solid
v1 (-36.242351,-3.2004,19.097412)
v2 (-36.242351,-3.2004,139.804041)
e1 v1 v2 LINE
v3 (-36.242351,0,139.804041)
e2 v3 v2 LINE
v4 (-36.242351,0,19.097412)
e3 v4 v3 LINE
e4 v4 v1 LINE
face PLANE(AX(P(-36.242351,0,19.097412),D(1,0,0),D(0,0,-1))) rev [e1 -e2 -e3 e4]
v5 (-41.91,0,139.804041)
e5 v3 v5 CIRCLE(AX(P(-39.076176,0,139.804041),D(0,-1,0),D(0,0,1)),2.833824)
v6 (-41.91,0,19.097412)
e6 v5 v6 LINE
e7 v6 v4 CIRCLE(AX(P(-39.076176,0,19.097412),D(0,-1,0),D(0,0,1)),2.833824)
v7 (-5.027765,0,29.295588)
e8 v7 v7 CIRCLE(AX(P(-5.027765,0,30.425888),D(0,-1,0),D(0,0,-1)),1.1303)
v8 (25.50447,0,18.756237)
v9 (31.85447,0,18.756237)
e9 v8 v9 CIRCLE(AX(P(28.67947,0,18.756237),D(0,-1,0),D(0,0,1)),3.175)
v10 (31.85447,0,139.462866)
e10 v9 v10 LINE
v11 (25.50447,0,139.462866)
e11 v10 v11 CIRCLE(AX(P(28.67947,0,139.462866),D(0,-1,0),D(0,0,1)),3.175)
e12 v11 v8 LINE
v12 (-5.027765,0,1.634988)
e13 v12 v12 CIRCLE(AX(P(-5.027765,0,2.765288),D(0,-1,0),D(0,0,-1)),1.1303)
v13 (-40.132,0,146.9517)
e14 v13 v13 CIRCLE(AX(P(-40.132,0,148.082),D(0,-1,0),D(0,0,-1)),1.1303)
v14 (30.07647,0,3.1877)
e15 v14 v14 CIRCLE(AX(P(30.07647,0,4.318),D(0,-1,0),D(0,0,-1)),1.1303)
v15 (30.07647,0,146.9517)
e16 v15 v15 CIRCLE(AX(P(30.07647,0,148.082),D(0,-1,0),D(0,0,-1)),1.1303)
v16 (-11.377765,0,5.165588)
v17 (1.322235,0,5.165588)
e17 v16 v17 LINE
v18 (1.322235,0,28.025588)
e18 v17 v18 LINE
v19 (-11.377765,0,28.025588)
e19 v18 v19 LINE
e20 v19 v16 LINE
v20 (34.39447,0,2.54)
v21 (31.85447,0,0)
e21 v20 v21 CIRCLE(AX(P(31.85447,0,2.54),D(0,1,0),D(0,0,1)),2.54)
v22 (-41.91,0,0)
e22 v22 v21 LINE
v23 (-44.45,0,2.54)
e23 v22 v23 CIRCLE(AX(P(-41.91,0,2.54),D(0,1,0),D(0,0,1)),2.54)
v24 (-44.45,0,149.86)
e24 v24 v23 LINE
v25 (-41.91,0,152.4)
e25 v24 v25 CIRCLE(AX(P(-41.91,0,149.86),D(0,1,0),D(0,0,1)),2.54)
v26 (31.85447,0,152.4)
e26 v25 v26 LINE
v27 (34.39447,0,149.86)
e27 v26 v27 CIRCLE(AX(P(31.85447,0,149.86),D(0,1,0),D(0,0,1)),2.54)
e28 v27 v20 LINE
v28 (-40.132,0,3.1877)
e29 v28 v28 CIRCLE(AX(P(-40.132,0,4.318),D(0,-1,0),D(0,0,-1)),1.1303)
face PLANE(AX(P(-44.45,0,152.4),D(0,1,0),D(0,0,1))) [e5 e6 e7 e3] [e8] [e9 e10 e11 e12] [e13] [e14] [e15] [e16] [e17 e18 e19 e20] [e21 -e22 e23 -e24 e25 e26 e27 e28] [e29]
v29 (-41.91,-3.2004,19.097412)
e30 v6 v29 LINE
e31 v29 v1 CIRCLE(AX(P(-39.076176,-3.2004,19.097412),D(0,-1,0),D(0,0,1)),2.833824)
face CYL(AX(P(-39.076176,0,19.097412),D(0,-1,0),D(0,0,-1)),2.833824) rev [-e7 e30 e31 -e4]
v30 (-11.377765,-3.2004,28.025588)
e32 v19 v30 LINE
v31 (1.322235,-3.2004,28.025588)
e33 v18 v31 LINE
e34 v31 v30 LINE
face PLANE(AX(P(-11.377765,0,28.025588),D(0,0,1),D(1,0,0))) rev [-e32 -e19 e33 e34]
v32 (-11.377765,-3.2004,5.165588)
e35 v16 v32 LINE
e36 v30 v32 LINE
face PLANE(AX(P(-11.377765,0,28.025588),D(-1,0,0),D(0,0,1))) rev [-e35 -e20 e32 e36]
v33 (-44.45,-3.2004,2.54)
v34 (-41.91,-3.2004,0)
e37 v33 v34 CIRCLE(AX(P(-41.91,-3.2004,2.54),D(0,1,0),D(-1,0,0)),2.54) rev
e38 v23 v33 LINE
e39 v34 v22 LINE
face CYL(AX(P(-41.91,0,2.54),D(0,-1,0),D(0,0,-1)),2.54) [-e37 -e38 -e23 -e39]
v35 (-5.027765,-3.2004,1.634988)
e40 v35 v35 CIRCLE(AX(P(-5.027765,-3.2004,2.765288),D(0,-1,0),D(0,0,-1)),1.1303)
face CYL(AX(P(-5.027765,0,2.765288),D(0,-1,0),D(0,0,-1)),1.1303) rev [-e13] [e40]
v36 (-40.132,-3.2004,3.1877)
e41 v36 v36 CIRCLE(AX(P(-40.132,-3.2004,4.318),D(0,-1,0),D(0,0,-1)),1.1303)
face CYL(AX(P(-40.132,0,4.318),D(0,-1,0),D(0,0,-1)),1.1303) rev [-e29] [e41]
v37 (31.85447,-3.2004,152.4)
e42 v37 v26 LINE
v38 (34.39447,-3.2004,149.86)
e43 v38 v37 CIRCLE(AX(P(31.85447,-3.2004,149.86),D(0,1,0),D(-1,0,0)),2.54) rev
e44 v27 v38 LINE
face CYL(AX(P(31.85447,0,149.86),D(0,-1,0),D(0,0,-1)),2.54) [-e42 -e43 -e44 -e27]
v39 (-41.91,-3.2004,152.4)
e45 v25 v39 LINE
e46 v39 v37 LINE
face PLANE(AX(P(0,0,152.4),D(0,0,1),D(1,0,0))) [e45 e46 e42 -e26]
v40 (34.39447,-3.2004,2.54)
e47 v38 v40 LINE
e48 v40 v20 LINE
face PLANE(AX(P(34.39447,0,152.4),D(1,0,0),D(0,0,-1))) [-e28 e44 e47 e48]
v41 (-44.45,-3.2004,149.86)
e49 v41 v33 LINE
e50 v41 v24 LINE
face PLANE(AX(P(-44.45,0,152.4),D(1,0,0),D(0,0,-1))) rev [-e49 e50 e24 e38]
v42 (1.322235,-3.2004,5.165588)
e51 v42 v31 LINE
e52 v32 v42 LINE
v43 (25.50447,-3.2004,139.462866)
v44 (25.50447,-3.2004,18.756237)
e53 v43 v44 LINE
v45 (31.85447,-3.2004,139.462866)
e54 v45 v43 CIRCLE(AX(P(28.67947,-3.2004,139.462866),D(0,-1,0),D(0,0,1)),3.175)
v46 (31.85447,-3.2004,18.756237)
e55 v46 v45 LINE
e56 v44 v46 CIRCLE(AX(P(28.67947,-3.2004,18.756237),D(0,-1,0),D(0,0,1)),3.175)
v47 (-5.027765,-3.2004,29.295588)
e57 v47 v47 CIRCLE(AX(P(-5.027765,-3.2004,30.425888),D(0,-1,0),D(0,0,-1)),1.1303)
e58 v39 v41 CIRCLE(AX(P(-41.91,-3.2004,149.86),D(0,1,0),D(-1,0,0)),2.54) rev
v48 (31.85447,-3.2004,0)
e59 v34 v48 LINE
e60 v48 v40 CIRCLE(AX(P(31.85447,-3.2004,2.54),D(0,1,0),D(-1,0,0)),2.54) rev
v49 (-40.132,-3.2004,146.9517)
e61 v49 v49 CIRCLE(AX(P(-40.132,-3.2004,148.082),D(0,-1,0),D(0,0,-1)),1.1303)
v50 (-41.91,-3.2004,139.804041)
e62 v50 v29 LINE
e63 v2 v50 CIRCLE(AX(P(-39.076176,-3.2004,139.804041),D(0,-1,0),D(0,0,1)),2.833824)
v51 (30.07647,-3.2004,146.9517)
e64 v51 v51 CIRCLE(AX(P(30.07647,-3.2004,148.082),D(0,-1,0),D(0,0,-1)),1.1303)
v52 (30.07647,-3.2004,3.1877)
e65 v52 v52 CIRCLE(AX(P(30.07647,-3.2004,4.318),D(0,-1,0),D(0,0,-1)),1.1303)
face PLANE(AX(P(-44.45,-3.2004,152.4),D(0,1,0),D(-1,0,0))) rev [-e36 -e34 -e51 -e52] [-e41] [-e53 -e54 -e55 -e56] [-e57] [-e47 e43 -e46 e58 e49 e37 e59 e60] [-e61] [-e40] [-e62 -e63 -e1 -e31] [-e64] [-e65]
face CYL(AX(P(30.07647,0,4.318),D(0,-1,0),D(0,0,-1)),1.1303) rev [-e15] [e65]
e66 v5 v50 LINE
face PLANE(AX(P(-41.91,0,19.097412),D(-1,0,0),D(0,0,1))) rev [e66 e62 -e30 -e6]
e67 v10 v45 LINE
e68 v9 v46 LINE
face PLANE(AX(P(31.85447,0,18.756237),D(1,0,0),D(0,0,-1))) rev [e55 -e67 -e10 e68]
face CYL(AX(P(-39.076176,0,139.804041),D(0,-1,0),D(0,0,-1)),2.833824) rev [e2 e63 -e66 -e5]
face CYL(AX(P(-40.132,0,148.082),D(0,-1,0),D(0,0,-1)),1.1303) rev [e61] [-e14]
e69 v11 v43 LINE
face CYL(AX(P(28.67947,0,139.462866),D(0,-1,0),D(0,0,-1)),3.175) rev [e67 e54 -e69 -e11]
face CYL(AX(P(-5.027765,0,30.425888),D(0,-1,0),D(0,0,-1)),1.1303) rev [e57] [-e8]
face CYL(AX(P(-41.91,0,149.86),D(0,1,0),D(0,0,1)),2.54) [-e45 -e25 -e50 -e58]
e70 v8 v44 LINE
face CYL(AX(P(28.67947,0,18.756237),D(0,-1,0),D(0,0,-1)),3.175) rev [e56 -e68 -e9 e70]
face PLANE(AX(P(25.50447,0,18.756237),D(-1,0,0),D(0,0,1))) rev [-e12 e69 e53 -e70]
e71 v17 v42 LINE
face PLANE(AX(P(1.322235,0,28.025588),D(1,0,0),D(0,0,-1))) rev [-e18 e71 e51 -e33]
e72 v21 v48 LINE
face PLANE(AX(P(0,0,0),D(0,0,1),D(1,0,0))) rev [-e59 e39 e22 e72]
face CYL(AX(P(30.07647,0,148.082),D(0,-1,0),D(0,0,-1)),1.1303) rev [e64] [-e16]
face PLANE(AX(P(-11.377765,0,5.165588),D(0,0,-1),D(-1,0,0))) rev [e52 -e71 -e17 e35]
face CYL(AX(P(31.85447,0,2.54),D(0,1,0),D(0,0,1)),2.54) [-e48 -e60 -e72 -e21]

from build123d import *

# Parameters (mm, degrees)
SKETCH2_W           = 78.8444702
SKETCH2_H           = 3.2004
BOSS_EXTRUDE1_DEPTH = 152.4
SKETCH3_R           = 1.1303
SKETCH3_W           = 12.7
SKETCH3_H           = 22.86
CUT_EXTRUDE1_DEPTH  = 159.782256755
FILLET1_R           = 2.54


with BuildPart() as part:
    # Sketch2 → Boss-Extrude1 (new body)
    with BuildSketch(Plane.XY):
        with Locations((-5.0277649, -1.6002)):
            Rectangle(SKETCH2_W, SKETCH2_H)
    extrude(amount=BOSS_EXTRUDE1_DEPTH)

    # Sketch3 → Cut-Extrude1 (cut, through all)
    with BuildSketch(Plane.XZ.offset(3.2004)):
        with Locations(Location((-40.132, 148.082, 0), (0, 0, 270))):
            Circle(SKETCH3_R)
        with Locations(Location((30.0764702, 148.082, 0), (0, 0, 270))):
            Circle(SKETCH3_R)
        with Locations(Location((-40.132, 4.318, 0), (0, 0, 270))):
            Circle(SKETCH3_R)
        with Locations(Location((30.0764702, 4.318, 0), (0, 0, 270))):
            Circle(SKETCH3_R)
        with Locations(Location((-5.0277649, 30.425887591, 0), (0, 0, 270))):
            Circle(SKETCH3_R)
        with Locations(Location((-5.0277649, 2.765287591, 0), (0, 0, 270))):
            Circle(SKETCH3_R)
        with BuildLine():
            Line((-41.91, 19.097412352), (-41.91, 139.804041398))
            ThreePointArc((-41.91, 139.804041398), (-39.076175505, 142.637865893), (-36.24235101, 139.804041398))
            Line((-36.24235101, 139.804041398), (-36.24235101, 19.097412352))
            ThreePointArc((-36.24235101, 19.097412352), (-39.076175505, 16.263587857), (-41.91, 19.097412352))
        make_face()
        with BuildLine():
            Line((25.5044702, 18.756236847), (25.5044702, 139.462865893))
            ThreePointArc((25.5044702, 139.462865893), (28.6794702, 142.637865893), (31.8544702, 139.462865893))
            Line((31.8544702, 139.462865893), (31.8544702, 18.756236847))
            ThreePointArc((31.8544702, 18.756236847), (28.6794702, 15.581236847), (25.5044702, 18.756236847))
        make_face()
        with Locations((-5.0277649, 16.595587591)):
            Rectangle(SKETCH3_W, SKETCH3_H)
    extrude(amount=-CUT_EXTRUDE1_DEPTH, mode=Mode.SUBTRACT)

    # Fillet1
    fillet1_edges = [part.edges().sort_by_distance(p)[0] for p in [
        (34.3944702, -1.6002, 152.4),
        (-44.45, -1.6002, 152.4),
        (34.3944702, -1.6002, 0),
        (-44.45, -1.6002, 0),
    ]]
    fillet(fillet1_edges, radius=FILLET1_R)


solid = part.part
